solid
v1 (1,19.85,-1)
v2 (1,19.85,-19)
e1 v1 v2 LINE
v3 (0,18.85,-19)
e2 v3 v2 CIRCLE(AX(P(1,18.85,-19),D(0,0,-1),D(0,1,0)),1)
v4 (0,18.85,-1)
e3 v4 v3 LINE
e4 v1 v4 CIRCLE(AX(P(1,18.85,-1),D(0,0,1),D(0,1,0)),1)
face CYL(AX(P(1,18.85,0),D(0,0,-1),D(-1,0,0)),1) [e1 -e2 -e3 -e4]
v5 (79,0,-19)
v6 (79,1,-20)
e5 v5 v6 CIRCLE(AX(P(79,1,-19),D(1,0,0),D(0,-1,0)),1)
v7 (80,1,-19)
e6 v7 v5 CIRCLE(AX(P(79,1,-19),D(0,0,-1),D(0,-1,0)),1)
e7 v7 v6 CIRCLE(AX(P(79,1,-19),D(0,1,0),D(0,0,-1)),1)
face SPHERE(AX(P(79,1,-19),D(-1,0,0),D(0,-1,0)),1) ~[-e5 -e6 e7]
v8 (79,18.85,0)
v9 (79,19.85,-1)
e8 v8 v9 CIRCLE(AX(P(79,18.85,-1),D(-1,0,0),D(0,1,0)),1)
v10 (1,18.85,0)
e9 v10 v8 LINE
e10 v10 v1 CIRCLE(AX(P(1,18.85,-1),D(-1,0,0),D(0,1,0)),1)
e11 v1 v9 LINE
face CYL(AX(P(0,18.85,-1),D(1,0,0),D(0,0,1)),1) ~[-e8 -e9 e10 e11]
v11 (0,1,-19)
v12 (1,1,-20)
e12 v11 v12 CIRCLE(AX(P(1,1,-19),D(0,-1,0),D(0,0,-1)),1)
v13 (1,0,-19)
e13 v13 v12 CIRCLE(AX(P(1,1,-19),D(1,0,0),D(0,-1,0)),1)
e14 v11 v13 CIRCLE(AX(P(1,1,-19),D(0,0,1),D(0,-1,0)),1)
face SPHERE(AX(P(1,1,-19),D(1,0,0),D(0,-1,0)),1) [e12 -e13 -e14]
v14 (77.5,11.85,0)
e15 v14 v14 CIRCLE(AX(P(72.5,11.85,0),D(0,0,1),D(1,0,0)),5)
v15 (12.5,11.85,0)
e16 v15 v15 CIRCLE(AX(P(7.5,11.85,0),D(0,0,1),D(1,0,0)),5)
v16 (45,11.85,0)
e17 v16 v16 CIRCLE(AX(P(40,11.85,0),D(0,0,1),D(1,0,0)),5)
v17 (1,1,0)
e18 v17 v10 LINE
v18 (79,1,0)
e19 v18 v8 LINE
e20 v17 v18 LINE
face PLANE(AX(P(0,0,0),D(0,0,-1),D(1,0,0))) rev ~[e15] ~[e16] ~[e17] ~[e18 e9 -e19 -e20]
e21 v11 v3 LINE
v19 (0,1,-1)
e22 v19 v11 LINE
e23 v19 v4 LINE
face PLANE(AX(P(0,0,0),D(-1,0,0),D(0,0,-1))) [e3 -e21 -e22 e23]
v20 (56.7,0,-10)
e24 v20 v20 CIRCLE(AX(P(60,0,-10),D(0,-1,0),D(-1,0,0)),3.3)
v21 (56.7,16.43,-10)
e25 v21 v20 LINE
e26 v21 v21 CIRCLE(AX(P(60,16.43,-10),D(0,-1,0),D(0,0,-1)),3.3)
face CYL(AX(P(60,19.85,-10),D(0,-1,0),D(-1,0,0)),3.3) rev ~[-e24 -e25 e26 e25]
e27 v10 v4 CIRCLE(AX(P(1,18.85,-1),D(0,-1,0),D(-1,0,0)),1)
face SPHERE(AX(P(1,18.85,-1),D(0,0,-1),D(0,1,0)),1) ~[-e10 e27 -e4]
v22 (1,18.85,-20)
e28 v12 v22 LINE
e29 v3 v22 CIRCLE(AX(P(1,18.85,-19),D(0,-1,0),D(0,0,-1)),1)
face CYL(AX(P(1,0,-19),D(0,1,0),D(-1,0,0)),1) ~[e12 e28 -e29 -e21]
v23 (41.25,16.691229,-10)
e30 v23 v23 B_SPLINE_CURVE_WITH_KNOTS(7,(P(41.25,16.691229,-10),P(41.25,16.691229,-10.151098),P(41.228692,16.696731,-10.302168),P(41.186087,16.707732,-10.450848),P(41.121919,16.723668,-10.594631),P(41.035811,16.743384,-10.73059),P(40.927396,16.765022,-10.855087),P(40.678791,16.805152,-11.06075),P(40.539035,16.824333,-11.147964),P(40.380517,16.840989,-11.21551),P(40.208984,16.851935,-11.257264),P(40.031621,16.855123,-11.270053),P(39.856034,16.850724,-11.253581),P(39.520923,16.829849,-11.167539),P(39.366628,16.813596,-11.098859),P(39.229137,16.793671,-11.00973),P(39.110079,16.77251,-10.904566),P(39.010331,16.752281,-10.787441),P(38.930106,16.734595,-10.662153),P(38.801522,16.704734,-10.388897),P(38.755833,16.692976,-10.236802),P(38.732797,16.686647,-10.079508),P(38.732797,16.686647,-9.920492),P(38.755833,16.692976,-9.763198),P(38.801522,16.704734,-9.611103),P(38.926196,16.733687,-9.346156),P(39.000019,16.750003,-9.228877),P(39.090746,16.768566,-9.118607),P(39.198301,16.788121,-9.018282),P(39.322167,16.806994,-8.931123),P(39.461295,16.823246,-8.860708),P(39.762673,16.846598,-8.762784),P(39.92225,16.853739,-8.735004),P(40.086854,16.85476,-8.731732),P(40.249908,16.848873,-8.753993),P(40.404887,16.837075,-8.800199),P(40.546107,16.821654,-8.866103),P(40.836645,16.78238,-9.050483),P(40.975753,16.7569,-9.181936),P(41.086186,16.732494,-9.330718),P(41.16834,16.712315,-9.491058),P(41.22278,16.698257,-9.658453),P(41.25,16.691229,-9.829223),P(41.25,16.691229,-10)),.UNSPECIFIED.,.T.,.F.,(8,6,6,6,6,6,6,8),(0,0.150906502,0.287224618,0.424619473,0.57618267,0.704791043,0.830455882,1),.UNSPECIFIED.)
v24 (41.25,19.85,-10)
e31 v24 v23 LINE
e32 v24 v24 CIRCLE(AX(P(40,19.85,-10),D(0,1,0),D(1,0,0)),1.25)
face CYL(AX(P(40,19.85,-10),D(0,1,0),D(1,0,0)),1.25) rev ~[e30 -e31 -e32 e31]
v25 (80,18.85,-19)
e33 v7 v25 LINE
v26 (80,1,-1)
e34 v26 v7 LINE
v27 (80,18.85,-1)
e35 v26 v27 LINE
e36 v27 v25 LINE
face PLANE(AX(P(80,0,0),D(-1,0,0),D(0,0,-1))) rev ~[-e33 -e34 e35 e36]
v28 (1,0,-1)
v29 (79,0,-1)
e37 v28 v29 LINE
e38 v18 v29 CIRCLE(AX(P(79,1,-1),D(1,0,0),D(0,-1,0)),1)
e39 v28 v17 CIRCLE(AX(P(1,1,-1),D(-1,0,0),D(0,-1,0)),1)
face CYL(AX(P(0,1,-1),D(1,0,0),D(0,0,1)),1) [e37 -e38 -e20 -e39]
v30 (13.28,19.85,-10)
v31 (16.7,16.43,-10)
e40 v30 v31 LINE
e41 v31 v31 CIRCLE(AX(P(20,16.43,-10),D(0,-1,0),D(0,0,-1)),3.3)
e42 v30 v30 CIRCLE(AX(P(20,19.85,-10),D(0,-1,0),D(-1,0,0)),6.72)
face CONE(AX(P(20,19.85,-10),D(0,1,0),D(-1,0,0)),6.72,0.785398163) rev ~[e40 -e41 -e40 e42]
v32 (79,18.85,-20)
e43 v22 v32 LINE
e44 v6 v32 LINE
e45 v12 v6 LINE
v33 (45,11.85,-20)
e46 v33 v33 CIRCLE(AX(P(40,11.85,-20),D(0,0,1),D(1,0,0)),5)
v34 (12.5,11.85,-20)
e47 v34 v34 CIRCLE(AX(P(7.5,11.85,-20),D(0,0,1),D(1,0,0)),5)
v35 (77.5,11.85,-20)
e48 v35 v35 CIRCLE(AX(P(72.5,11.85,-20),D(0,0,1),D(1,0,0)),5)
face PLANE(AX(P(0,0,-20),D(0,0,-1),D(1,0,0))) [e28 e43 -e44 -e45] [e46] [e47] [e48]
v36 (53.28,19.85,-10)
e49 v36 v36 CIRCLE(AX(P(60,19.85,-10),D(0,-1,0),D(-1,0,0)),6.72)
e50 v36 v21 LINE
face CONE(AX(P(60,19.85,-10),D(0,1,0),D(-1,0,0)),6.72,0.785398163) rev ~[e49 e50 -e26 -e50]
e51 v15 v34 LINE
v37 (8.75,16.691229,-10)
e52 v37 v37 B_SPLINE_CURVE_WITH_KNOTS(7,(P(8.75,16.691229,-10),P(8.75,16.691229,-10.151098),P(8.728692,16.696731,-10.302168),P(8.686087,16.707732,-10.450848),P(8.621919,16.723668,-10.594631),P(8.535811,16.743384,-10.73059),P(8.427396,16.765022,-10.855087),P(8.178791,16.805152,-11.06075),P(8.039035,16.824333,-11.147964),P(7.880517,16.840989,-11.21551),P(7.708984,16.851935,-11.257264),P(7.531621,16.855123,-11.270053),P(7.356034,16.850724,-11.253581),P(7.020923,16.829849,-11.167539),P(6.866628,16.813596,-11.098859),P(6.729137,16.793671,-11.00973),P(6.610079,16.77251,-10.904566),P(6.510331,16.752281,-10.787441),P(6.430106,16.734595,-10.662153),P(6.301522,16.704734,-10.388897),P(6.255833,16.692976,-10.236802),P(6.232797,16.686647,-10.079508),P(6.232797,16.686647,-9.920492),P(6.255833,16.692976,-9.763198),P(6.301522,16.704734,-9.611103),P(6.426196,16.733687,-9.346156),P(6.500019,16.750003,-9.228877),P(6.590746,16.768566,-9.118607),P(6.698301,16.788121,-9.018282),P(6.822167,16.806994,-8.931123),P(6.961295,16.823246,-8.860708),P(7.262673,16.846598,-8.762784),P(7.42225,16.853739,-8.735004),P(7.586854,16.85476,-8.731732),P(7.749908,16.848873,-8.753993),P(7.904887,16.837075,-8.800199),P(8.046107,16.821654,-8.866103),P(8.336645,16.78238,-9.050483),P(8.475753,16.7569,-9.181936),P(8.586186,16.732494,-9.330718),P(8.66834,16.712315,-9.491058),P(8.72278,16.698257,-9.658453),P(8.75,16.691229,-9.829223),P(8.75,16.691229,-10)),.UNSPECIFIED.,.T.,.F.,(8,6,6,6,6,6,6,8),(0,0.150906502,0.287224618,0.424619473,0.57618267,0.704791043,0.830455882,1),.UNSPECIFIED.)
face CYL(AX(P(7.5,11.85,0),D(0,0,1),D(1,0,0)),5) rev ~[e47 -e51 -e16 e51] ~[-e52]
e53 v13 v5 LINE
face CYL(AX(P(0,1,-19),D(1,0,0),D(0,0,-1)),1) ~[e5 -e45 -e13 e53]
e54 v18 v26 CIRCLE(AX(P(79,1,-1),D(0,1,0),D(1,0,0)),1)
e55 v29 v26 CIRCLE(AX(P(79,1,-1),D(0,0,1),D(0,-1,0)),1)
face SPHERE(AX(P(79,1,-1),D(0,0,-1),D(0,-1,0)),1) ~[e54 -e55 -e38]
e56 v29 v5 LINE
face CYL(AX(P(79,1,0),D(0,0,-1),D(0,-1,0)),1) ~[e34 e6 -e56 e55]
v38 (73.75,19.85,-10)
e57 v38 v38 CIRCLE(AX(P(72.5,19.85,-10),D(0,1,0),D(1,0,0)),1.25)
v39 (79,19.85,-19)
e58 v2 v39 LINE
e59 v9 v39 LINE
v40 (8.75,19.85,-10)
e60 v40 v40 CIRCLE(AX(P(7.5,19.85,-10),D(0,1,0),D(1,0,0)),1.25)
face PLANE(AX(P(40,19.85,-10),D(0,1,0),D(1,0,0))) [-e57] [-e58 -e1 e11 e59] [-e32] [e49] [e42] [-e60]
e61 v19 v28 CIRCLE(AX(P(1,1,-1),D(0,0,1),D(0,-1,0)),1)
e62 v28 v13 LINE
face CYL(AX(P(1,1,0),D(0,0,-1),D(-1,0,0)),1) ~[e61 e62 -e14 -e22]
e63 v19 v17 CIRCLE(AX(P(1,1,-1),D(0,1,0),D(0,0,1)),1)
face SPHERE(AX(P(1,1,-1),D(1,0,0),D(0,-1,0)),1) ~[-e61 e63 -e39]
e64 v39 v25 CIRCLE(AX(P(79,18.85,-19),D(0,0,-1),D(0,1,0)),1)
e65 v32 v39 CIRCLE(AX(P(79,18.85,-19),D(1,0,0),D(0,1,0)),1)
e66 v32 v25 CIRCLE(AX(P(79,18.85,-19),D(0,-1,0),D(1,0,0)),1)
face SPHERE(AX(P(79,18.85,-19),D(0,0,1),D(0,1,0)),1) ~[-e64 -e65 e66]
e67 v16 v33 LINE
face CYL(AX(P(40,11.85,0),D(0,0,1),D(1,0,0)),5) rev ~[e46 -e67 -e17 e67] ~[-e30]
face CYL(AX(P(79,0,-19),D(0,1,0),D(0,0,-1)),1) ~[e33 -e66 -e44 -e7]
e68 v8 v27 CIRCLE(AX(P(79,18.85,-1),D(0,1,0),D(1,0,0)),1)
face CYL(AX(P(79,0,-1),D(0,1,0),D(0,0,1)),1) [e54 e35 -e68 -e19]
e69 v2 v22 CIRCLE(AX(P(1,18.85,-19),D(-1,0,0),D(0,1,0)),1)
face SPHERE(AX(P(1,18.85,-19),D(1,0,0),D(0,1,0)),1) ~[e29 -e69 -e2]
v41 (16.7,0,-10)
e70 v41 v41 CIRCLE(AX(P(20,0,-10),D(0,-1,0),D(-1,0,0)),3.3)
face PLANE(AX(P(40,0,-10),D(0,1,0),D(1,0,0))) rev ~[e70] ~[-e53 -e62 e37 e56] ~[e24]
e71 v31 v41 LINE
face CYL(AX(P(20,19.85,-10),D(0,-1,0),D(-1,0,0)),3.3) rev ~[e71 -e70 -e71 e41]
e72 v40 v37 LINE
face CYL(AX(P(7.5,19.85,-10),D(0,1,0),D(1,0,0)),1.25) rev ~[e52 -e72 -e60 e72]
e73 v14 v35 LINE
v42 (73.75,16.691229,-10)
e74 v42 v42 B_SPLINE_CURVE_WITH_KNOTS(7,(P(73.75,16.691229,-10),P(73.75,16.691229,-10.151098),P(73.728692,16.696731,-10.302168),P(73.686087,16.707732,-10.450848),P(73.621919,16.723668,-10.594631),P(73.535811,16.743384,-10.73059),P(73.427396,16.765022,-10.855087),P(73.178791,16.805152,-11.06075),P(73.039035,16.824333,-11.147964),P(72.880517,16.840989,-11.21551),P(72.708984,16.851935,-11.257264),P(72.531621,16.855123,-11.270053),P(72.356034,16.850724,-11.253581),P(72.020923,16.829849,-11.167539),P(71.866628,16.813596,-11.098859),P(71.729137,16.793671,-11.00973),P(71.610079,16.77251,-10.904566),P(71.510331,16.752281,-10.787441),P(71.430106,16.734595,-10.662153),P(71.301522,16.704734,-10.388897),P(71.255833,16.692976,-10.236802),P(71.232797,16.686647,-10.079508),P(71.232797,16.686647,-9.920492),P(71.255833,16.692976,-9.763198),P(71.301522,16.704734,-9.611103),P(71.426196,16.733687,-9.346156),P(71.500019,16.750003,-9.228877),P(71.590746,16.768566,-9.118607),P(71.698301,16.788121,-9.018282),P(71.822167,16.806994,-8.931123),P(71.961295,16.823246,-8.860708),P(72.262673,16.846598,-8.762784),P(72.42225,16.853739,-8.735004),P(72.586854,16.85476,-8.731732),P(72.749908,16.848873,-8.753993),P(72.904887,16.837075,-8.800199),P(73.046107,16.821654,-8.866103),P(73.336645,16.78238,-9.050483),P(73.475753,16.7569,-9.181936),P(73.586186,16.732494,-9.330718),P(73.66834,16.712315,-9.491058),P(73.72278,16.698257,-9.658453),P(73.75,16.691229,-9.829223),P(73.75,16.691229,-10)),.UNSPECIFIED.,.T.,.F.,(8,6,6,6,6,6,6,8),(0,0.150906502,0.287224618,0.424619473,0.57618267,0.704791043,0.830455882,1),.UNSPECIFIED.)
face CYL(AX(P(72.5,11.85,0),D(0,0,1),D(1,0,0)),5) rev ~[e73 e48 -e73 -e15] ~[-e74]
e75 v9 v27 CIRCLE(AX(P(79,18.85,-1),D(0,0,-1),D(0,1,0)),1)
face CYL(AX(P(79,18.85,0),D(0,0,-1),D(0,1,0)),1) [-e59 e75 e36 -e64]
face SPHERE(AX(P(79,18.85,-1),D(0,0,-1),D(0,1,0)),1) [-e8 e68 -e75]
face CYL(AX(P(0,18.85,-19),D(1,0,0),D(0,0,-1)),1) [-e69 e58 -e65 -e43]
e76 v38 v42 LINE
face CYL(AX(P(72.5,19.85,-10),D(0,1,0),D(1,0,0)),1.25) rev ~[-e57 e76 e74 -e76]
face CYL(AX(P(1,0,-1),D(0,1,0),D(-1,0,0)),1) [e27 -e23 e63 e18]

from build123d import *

# Parameters (mm, degrees)
SKETCH1_W                     = 80
SKETCH1_H                     = 20
BOSS_EXTRUDE1_DEPTH           = 19.85
CUT_EXTRUDE1_REACH            = 86.818
SKETCH2_R                     = 3.1
CUT_EXTRUDE2_REACH            = 86.818
SKETCH3_R                     = 5
FILLET1_R                     = 1
CSK_FOR_M6_SFHCS1_D           = 6.6
CSK_FOR_M6_SFHCS1_DEPTH       = 19.85
CSK_FOR_M6_SFHCS1_CSINK_D     = 13.44
CSK_FOR_M6_SFHCS1_CSINK_ANGLE = 90
M3X0_5_TAPPED_HOLE1_REACH     = 86.818
M3X0_5_TAPPED_HOLE1_BORE_R    = 1.25


with BuildPart() as part:
    # Sketch1 → Boss-Extrude1 (new body)
    with BuildSketch(Plane(origin=(0, 0, 0), x_dir=(1, 0, 0), z_dir=(0, 1, 0))):
        with Locations((40, 10)):
            Rectangle(SKETCH1_W, SKETCH1_H)
    extrude(amount=BOSS_EXTRUDE1_DEPTH)

    # Sketch2 → Cut-Extrude1 (cut, up to next)
    with BuildSketch(Plane(origin=(0, 19.85, 0), x_dir=(1, 0, 0), z_dir=(0, 1, 0)), mode=Mode.PRIVATE) as cut_extrude1_sk1:
        with Locations(Location((20, 10, 0), (0, 0, 270))):
            Circle(SKETCH2_R)
    cut_extrude1_tool1 = extrude(cut_extrude1_sk1.sketch, amount=-CUT_EXTRUDE1_REACH, mode=Mode.PRIVATE) & part.part
    # Sketch2 → Cut-Extrude1 (cut, up to next)
    with BuildSketch(Plane(origin=(0, 19.85, 0), x_dir=(1, 0, 0), z_dir=(0, 1, 0)), mode=Mode.PRIVATE) as cut_extrude1_sk2:
        with Locations(Location((60, 10, 0), (0, 0, 270))):
            Circle(SKETCH2_R)
    cut_extrude1_tool2 = extrude(cut_extrude1_sk2.sketch, amount=-CUT_EXTRUDE1_REACH, mode=Mode.PRIVATE) & part.part
    add(cut_extrude1_tool1.solids().sort_by_distance((20, 19.85, -10))[0], mode=Mode.SUBTRACT)
    add(cut_extrude1_tool2.solids().sort_by_distance((60, 19.85, -10))[0], mode=Mode.SUBTRACT)

    # Sketch3 → Cut-Extrude2 (cut, up to next)
    with BuildSketch(Plane.XY, mode=Mode.PRIVATE) as cut_extrude2_sk1:
        with Locations((7.5, 11.85)):
            Circle(SKETCH3_R)
    cut_extrude2_tool1 = extrude(cut_extrude2_sk1.sketch, amount=-CUT_EXTRUDE2_REACH, mode=Mode.PRIVATE) & part.part
    # Sketch3 → Cut-Extrude2 (cut, up to next)
    with BuildSketch(Plane.XY, mode=Mode.PRIVATE) as cut_extrude2_sk2:
        with Locations((72.5, 11.85)):
            Circle(SKETCH3_R)
    cut_extrude2_tool2 = extrude(cut_extrude2_sk2.sketch, amount=-CUT_EXTRUDE2_REACH, mode=Mode.PRIVATE) & part.part
    # Sketch3 → Cut-Extrude2 (cut, up to next)
    with BuildSketch(Plane.XY, mode=Mode.PRIVATE) as cut_extrude2_sk3:
        with Locations((40, 11.85)):
            Circle(SKETCH3_R)
    cut_extrude2_tool3 = extrude(cut_extrude2_sk3.sketch, amount=-CUT_EXTRUDE2_REACH, mode=Mode.PRIVATE) & part.part
    add(cut_extrude2_tool1.solids().sort_by_distance((7.5, 11.85, 0))[0], mode=Mode.SUBTRACT)
    add(cut_extrude2_tool2.solids().sort_by_distance((72.5, 11.85, 0))[0], mode=Mode.SUBTRACT)
    add(cut_extrude2_tool3.solids().sort_by_distance((40, 11.85, 0))[0], mode=Mode.SUBTRACT)

    # Fillet1
    fillet1_edges = [part.edges().sort_by_distance(p)[0] for p in [
        (80, 19.85, -10),
        (40, 19.85, -20),
        (0, 19.85, -10),
        (40, 0, -20),
        (80, 0, -10),
        (40, 0, 0),
        (0, 0, -10),
        (40, 19.85, 0),
        (0, 9.925, -20),
        (80, 9.925, -20),
        (80, 9.925, 0),
        (0, 9.925, 0),
    ]]
    fillet(fillet1_edges, radius=FILLET1_R)

    # CSK for M6 SFHCS1
    with Locations(Plane(origin=(0, 19.85, 0), x_dir=(1, 0, 0), z_dir=(0, 1, 0))):
        with Locations((60, 10), (20, 10)):
            CounterSinkHole(CSK_FOR_M6_SFHCS1_D / 2, CSK_FOR_M6_SFHCS1_CSINK_D / 2, depth=CSK_FOR_M6_SFHCS1_DEPTH, counter_sink_angle=CSK_FOR_M6_SFHCS1_CSINK_ANGLE)

    # M3x0.5 Tapped Hole1 bore → M3x0.5 Tapped Hole1 (cut, up to next)
    with BuildSketch(Plane(origin=(0, 19.85, 0), x_dir=(1, 0, 0), z_dir=(0, 1, 0)), mode=Mode.PRIVATE) as m3x0_5_tapped_hole1_sk1:
        with Locations((7.5, 10)):
            Circle(M3X0_5_TAPPED_HOLE1_BORE_R)
    m3x0_5_tapped_hole1_tool1 = extrude(m3x0_5_tapped_hole1_sk1.sketch, amount=-M3X0_5_TAPPED_HOLE1_REACH, mode=Mode.PRIVATE) & part.part
    # M3x0.5 Tapped Hole1 bore → M3x0.5 Tapped Hole1 (cut, up to next)
    with BuildSketch(Plane(origin=(0, 19.85, 0), x_dir=(1, 0, 0), z_dir=(0, 1, 0)), mode=Mode.PRIVATE) as m3x0_5_tapped_hole1_sk2:
        with Locations((40, 10)):
            Circle(M3X0_5_TAPPED_HOLE1_BORE_R)
    m3x0_5_tapped_hole1_tool2 = extrude(m3x0_5_tapped_hole1_sk2.sketch, amount=-M3X0_5_TAPPED_HOLE1_REACH, mode=Mode.PRIVATE) & part.part
    # M3x0.5 Tapped Hole1 bore → M3x0.5 Tapped Hole1 (cut, up to next)
    with BuildSketch(Plane(origin=(0, 19.85, 0), x_dir=(1, 0, 0), z_dir=(0, 1, 0)), mode=Mode.PRIVATE) as m3x0_5_tapped_hole1_sk3:
        with Locations((72.5, 10)):
            Circle(M3X0_5_TAPPED_HOLE1_BORE_R)
    m3x0_5_tapped_hole1_tool3 = extrude(m3x0_5_tapped_hole1_sk3.sketch, amount=-M3X0_5_TAPPED_HOLE1_REACH, mode=Mode.PRIVATE) & part.part
    add(m3x0_5_tapped_hole1_tool1.solids().sort_by_distance((7.5, 19.85, -10))[0], mode=Mode.SUBTRACT)
    add(m3x0_5_tapped_hole1_tool2.solids().sort_by_distance((40, 19.85, -10))[0], mode=Mode.SUBTRACT)
    add(m3x0_5_tapped_hole1_tool3.solids().sort_by_distance((72.5, 19.85, -10))[0], mode=Mode.SUBTRACT)


solid = part.part
